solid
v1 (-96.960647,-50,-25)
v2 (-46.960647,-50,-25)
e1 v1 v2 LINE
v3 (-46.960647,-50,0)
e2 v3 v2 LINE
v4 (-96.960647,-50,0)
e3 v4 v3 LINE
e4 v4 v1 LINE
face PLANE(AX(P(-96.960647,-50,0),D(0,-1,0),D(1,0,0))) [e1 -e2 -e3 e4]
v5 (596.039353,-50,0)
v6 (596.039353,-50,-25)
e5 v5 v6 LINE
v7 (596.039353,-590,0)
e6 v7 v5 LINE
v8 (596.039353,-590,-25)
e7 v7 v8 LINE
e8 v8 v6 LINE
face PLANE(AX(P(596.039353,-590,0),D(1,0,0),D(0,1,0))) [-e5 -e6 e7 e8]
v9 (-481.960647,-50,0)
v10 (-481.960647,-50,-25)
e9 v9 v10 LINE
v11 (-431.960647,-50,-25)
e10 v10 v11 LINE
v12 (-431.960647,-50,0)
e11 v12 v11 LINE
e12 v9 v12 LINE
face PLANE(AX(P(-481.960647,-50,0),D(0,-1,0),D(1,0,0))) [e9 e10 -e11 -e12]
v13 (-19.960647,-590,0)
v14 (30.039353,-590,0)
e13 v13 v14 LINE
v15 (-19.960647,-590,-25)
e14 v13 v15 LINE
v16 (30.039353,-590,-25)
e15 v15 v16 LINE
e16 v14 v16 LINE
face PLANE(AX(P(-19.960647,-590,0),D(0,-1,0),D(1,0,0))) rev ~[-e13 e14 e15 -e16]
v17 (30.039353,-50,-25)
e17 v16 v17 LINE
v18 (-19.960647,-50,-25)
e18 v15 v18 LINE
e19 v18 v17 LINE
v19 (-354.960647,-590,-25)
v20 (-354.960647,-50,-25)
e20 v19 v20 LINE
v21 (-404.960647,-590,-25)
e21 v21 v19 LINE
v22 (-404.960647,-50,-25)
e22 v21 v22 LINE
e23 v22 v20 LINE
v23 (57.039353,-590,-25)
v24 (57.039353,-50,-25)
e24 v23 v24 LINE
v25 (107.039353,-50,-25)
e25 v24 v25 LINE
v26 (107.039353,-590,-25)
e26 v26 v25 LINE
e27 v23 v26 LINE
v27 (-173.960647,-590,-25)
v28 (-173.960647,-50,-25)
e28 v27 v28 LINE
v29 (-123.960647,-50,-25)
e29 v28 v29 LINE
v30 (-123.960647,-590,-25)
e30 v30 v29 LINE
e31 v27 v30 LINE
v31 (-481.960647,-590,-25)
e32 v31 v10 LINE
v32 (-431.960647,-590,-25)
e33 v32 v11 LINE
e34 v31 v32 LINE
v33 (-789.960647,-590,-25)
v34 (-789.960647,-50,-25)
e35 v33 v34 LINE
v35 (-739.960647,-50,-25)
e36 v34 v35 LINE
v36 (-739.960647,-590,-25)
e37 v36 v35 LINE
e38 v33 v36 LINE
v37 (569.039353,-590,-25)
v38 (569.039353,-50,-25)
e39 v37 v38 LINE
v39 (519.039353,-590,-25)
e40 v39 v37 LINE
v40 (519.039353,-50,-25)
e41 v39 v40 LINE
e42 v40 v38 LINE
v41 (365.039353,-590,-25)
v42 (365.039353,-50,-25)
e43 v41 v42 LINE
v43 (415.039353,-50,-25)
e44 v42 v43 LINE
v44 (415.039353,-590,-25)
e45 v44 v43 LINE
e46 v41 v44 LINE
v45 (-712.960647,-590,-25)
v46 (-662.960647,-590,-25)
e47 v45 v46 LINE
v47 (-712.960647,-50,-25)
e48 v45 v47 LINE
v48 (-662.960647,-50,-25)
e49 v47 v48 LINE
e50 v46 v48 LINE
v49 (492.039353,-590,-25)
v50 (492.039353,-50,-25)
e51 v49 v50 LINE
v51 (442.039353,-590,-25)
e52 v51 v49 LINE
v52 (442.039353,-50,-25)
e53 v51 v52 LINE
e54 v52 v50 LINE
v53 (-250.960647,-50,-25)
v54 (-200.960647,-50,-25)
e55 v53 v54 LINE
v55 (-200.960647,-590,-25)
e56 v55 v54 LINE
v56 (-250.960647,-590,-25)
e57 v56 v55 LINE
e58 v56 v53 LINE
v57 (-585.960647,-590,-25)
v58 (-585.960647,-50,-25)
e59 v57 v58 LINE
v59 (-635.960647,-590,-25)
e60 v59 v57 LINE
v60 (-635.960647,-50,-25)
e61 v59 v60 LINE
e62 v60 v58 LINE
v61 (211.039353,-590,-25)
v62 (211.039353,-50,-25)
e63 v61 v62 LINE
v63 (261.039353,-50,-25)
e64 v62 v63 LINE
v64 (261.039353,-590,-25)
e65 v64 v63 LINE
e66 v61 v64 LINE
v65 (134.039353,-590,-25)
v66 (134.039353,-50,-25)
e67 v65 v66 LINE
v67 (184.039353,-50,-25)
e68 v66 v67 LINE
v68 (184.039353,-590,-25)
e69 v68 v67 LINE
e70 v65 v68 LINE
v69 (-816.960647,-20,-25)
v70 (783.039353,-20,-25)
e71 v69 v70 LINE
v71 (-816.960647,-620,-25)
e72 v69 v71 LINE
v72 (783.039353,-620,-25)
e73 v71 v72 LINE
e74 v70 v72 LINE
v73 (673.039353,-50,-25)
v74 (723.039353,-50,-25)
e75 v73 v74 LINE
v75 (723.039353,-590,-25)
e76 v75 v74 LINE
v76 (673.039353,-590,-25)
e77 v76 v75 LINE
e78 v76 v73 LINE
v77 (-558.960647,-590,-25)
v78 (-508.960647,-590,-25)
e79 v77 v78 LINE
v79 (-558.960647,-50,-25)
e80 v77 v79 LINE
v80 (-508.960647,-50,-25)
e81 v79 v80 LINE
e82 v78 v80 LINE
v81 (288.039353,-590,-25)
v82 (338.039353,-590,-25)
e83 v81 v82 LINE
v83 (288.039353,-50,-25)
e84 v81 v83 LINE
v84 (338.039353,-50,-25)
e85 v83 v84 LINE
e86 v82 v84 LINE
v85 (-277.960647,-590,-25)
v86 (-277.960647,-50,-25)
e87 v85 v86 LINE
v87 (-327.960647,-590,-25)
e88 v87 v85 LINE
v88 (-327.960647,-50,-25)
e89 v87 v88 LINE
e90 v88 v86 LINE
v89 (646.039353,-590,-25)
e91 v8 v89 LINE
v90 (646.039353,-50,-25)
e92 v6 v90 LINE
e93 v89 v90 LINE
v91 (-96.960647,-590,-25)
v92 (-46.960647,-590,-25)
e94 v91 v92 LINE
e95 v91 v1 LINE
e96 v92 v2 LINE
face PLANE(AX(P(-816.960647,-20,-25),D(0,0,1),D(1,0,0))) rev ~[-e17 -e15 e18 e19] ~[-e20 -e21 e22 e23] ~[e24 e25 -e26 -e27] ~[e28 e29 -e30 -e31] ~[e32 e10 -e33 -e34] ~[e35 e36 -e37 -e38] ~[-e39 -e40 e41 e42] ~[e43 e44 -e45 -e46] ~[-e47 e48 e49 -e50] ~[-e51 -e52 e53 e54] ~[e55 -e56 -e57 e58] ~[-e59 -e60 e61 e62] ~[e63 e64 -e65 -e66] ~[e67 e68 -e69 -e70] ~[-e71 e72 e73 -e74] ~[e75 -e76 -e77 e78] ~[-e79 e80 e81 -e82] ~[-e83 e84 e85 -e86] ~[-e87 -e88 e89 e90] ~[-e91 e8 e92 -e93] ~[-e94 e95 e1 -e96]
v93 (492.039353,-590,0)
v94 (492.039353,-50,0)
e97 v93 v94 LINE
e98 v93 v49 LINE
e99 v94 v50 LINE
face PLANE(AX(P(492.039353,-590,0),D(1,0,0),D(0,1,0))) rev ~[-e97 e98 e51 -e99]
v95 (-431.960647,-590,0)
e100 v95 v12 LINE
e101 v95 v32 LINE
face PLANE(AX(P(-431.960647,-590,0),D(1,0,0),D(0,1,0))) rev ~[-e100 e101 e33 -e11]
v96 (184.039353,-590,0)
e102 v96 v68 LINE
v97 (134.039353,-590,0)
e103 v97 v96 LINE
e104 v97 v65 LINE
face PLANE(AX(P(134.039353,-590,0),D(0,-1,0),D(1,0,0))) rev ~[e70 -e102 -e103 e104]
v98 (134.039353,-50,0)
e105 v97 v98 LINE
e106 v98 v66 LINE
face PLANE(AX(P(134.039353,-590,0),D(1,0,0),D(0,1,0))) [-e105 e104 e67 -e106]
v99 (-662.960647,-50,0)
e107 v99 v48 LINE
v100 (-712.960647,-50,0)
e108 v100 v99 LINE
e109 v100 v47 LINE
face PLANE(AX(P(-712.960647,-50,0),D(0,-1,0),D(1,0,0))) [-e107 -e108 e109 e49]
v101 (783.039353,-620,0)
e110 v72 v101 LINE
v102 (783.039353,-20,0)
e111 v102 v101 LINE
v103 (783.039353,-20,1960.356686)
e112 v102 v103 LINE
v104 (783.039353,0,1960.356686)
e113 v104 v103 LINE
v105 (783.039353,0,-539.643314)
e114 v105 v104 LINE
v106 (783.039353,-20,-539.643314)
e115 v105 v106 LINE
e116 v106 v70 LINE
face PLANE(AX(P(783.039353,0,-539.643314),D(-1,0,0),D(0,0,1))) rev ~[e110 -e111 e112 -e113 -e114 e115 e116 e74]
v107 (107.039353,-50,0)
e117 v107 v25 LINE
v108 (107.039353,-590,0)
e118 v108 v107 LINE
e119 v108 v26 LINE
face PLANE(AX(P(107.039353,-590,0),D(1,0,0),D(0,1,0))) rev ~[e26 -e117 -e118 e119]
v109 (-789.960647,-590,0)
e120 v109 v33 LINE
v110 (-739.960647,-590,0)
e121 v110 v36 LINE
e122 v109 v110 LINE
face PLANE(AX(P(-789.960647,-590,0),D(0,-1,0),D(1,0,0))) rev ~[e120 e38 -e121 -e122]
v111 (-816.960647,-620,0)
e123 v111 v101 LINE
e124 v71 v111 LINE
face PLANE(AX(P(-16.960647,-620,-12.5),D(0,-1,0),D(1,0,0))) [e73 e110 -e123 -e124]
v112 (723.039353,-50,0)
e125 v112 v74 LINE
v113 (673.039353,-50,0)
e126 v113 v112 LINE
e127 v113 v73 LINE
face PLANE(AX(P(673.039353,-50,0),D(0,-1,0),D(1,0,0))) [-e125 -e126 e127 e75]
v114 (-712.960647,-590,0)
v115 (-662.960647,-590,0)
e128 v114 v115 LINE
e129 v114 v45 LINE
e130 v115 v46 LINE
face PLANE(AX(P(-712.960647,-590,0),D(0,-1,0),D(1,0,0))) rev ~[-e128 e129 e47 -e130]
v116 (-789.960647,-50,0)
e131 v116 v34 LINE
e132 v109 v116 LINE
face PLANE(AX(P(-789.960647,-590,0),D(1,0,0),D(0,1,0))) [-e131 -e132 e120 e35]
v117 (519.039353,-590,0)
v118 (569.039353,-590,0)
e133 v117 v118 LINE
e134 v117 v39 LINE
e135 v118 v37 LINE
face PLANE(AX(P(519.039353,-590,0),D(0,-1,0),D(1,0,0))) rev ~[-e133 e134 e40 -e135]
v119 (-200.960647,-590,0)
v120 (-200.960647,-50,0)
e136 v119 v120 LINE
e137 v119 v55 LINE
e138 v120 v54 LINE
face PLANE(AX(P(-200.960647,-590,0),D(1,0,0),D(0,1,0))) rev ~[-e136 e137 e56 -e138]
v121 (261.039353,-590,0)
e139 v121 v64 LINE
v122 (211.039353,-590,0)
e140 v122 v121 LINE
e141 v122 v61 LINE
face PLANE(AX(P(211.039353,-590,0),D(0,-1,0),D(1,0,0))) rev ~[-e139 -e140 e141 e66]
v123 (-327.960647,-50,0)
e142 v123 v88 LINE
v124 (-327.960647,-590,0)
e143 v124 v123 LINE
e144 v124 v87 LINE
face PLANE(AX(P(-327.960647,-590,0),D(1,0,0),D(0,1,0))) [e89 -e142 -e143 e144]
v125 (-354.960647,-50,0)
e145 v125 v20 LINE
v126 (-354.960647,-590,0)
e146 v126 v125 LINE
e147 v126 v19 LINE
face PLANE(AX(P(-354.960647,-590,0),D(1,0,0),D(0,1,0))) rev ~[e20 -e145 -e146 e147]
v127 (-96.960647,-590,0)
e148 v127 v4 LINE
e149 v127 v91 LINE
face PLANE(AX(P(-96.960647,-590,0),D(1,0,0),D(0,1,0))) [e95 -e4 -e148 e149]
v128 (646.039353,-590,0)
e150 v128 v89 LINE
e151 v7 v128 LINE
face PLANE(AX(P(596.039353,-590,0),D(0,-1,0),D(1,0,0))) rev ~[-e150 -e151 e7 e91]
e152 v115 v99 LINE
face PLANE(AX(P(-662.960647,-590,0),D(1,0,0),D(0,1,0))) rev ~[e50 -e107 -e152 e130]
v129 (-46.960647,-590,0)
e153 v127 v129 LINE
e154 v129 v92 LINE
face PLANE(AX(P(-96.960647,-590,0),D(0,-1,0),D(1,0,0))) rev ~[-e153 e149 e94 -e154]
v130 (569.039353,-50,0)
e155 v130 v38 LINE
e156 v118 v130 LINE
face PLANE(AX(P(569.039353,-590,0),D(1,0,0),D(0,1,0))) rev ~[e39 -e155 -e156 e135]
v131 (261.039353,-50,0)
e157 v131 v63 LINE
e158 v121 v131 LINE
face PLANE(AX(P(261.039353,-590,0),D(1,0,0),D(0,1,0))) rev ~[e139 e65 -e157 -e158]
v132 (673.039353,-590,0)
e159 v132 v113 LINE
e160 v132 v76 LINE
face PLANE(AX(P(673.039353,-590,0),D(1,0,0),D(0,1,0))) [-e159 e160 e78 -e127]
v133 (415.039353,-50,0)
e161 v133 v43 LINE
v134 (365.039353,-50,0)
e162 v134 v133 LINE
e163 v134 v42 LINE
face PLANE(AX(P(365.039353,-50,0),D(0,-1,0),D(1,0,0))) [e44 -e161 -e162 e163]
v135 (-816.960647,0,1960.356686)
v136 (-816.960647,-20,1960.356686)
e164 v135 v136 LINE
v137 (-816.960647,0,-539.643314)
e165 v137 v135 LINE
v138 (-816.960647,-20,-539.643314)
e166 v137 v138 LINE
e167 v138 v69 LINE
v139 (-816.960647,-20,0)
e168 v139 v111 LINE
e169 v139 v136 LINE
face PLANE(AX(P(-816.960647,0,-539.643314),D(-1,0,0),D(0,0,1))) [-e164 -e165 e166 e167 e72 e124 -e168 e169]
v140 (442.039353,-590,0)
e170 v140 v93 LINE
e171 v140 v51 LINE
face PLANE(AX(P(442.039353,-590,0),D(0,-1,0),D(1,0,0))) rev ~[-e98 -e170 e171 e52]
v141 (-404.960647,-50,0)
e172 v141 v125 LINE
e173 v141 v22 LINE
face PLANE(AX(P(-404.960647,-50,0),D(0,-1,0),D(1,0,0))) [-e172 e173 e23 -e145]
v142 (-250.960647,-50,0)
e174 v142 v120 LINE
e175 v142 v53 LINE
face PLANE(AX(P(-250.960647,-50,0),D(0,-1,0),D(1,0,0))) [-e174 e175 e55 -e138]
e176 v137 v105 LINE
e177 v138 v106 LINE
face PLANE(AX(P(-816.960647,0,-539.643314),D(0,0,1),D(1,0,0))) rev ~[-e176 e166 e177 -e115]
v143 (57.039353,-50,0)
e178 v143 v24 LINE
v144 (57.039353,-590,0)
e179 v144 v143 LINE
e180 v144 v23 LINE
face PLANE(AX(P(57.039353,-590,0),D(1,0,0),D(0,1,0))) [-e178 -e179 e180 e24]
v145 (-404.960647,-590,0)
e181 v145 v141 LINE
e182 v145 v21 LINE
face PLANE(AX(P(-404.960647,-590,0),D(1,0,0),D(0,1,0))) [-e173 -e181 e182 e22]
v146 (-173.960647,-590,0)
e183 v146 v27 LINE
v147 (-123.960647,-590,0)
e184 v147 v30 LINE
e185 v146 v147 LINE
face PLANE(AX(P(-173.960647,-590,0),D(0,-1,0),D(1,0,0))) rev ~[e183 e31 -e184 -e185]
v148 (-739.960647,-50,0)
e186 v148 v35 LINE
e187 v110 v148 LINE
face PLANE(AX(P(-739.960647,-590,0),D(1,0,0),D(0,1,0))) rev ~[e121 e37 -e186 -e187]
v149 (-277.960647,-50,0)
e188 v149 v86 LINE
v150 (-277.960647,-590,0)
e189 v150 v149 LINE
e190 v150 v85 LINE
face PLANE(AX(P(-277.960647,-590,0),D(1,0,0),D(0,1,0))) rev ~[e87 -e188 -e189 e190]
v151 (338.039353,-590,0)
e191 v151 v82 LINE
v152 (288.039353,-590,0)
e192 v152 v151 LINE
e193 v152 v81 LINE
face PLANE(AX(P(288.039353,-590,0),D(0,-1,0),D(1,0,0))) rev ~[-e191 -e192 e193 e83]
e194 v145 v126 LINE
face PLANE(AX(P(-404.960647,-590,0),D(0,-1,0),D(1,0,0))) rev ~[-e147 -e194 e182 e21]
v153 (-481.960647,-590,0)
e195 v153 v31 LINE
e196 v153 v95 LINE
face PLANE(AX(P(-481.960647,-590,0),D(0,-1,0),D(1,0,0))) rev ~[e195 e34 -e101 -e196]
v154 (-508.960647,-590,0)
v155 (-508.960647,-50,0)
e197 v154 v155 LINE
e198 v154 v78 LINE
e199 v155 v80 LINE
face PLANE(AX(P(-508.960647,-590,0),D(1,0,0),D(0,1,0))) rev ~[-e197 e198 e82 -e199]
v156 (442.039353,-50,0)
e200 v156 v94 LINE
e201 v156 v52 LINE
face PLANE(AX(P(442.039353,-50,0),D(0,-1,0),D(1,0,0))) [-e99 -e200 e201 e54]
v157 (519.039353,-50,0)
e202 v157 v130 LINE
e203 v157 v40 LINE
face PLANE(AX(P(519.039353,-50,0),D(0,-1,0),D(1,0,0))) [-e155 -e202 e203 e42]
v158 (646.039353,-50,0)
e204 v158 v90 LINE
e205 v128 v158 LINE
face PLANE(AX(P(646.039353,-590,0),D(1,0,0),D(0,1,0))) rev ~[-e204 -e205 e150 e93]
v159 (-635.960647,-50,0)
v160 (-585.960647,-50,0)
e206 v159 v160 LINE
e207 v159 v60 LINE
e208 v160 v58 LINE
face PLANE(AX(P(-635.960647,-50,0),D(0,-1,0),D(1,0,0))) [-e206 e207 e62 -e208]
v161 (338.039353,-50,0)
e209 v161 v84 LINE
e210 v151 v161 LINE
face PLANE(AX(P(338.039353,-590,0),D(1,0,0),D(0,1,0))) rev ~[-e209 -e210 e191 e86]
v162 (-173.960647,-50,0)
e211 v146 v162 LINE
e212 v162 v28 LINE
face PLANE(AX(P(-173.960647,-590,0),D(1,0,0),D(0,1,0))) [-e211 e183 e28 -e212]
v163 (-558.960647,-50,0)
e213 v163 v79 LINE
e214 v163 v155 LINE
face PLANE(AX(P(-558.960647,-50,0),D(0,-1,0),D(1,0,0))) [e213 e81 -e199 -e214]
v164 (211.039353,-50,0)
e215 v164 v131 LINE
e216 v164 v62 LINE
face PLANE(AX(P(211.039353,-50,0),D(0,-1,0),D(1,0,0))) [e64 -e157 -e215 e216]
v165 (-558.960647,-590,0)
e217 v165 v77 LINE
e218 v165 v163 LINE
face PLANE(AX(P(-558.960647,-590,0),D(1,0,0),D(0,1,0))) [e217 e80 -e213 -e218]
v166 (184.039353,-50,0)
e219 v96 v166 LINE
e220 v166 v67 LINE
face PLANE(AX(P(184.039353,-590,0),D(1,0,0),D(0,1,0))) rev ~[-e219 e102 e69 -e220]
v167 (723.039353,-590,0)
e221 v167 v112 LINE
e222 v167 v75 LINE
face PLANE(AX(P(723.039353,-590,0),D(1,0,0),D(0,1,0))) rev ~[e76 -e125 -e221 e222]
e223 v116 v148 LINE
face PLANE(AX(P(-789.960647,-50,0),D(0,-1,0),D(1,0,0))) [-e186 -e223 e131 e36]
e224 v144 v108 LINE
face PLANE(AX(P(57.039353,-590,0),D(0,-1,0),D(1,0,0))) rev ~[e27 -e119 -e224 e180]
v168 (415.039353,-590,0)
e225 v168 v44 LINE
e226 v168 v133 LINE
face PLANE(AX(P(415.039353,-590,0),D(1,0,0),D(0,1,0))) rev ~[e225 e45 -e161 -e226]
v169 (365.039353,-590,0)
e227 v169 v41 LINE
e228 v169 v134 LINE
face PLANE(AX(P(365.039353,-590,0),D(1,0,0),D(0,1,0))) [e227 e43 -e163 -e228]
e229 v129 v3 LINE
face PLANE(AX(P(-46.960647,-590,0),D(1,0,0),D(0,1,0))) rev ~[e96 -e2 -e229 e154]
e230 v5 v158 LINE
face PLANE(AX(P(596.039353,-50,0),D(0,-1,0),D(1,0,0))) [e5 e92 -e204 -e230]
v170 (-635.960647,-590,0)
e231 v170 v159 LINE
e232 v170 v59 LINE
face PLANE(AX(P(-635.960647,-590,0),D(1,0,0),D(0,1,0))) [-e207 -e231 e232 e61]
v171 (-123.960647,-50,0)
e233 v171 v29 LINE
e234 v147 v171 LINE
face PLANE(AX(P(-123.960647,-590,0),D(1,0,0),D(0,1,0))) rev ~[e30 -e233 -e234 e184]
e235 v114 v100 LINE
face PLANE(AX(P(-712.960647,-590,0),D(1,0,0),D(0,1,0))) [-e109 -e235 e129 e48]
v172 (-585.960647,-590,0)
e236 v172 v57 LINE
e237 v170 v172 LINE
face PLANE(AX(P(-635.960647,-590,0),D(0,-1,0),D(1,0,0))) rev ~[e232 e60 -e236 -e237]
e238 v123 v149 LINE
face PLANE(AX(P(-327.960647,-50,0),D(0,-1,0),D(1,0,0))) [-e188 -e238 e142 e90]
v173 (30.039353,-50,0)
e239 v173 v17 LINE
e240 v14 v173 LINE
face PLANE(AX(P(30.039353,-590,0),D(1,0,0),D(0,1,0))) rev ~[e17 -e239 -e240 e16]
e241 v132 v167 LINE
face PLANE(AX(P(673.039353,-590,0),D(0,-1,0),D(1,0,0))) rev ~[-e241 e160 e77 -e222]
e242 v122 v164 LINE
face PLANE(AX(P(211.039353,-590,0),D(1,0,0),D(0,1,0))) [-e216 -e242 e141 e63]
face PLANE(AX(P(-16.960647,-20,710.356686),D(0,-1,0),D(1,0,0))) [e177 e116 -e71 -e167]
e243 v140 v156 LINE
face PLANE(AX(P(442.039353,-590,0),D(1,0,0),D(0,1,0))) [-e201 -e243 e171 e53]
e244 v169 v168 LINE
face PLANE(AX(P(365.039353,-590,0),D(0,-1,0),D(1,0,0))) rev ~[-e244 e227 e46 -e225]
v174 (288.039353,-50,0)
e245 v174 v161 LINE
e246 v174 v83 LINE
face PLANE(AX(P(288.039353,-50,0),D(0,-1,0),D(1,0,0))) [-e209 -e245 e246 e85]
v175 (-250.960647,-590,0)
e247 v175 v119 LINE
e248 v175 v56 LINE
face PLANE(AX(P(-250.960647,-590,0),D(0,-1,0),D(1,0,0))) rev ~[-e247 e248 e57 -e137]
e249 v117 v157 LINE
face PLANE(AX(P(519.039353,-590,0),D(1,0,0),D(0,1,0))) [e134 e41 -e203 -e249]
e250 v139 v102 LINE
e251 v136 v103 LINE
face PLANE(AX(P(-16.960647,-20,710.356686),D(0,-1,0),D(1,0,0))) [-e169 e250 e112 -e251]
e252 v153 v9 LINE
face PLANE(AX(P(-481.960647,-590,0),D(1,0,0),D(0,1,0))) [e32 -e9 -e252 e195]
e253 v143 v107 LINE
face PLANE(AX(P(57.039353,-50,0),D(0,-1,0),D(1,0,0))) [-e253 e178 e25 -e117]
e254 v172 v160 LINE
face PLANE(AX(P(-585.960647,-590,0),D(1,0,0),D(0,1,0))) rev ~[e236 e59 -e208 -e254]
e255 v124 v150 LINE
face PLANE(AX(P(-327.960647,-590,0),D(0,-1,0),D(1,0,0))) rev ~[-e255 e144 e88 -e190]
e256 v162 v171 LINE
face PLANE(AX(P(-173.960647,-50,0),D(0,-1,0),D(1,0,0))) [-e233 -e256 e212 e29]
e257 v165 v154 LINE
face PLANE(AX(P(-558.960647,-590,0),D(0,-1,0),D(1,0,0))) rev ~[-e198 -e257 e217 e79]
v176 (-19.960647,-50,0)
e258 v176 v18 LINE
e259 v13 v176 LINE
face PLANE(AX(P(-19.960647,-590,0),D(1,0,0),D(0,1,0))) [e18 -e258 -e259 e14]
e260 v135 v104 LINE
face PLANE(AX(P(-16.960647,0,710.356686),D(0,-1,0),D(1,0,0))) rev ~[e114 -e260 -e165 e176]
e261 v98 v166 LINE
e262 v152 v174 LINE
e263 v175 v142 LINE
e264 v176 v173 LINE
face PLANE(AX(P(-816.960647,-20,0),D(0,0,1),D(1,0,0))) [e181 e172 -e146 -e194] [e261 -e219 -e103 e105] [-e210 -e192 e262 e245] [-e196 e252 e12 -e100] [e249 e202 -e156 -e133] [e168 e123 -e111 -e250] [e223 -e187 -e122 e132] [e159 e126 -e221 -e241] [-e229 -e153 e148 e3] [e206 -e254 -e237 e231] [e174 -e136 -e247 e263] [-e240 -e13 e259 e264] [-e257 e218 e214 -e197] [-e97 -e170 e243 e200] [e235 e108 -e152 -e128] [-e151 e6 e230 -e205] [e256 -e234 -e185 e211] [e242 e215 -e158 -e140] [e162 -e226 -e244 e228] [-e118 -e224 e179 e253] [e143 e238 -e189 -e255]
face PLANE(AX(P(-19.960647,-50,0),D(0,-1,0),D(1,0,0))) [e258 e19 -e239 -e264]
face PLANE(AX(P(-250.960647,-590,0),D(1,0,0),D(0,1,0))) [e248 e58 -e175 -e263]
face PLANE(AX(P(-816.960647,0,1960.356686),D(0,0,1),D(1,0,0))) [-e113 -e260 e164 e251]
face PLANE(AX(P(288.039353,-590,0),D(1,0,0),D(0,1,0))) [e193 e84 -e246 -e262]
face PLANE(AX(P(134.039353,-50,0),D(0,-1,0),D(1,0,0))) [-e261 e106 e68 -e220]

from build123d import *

# Parameters (mm, degrees)
F0_W     = 1600
F0_H     = 2500
F1_DEPTH = 20
F2_W     = 1600
F2_H     = 25
F3_DEPTH = 600
F4_W     = 50
F4_H     = 540
F5_DEPTH = 216


with BuildPart() as f1:
    # F0 (on Front) → F1 (new body)
    with BuildSketch(Plane.XZ):
        with Locations((-16.960647, 710.356686)):
            Rectangle(F0_W, F0_H)
    extrude(amount=F1_DEPTH)

    # F2 (on face) → F3 (join)
    with BuildSketch(Plane.XZ.offset(20)):
        with Locations((-16.960647, -12.5)):
            Rectangle(F2_W, F2_H)
    extrude(amount=F3_DEPTH)

    # F4 (on face) → F5 (cut)
    with BuildSketch(Plane.XY):
        with Locations((-533.960647, -320)):
            Rectangle(F4_W, F4_H)
        with Locations((-610.960647, -320)):
            Rectangle(F4_W, F4_H)
        with Locations((-687.960647, -320)):
            Rectangle(F4_W, F4_H)
        with Locations((-764.960647, -320)):
            Rectangle(F4_W, F4_H)
        with Locations((-456.960647, -320)):
            Rectangle(F4_W, F4_H)
        with Locations((-302.960647, -320)):
            Rectangle(F4_W, F4_H)
        with Locations((-379.960647, -320)):
            Rectangle(F4_W, F4_H)
        with Locations((698.039353, -320)):
            Rectangle(F4_W, F4_H)
        with Locations((621.039353, -320)):
            Rectangle(F4_W, F4_H)
        with Locations((544.039353, -320)):
            Rectangle(F4_W, F4_H)
        with Locations((467.039353, -320)):
            Rectangle(F4_W, F4_H)
        with Locations((390.039353, -320)):
            Rectangle(F4_W, F4_H)
        with Locations((313.039353, -320)):
            Rectangle(F4_W, F4_H)
        with Locations((236.039353, -320)):
            Rectangle(F4_W, F4_H)
        with Locations((159.039353, -320)):
            Rectangle(F4_W, F4_H)
        with Locations((82.039353, -320)):
            Rectangle(F4_W, F4_H)
        with Locations((5.039353, -320)):
            Rectangle(F4_W, F4_H)
        with Locations((-71.960647, -320)):
            Rectangle(F4_W, F4_H)
        with Locations((-148.960647, -320)):
            Rectangle(F4_W, F4_H)
        with Locations((-225.960647, -320)):
            Rectangle(F4_W, F4_H)
    extrude(amount=-F5_DEPTH, mode=Mode.SUBTRACT)


solid = f1.part
